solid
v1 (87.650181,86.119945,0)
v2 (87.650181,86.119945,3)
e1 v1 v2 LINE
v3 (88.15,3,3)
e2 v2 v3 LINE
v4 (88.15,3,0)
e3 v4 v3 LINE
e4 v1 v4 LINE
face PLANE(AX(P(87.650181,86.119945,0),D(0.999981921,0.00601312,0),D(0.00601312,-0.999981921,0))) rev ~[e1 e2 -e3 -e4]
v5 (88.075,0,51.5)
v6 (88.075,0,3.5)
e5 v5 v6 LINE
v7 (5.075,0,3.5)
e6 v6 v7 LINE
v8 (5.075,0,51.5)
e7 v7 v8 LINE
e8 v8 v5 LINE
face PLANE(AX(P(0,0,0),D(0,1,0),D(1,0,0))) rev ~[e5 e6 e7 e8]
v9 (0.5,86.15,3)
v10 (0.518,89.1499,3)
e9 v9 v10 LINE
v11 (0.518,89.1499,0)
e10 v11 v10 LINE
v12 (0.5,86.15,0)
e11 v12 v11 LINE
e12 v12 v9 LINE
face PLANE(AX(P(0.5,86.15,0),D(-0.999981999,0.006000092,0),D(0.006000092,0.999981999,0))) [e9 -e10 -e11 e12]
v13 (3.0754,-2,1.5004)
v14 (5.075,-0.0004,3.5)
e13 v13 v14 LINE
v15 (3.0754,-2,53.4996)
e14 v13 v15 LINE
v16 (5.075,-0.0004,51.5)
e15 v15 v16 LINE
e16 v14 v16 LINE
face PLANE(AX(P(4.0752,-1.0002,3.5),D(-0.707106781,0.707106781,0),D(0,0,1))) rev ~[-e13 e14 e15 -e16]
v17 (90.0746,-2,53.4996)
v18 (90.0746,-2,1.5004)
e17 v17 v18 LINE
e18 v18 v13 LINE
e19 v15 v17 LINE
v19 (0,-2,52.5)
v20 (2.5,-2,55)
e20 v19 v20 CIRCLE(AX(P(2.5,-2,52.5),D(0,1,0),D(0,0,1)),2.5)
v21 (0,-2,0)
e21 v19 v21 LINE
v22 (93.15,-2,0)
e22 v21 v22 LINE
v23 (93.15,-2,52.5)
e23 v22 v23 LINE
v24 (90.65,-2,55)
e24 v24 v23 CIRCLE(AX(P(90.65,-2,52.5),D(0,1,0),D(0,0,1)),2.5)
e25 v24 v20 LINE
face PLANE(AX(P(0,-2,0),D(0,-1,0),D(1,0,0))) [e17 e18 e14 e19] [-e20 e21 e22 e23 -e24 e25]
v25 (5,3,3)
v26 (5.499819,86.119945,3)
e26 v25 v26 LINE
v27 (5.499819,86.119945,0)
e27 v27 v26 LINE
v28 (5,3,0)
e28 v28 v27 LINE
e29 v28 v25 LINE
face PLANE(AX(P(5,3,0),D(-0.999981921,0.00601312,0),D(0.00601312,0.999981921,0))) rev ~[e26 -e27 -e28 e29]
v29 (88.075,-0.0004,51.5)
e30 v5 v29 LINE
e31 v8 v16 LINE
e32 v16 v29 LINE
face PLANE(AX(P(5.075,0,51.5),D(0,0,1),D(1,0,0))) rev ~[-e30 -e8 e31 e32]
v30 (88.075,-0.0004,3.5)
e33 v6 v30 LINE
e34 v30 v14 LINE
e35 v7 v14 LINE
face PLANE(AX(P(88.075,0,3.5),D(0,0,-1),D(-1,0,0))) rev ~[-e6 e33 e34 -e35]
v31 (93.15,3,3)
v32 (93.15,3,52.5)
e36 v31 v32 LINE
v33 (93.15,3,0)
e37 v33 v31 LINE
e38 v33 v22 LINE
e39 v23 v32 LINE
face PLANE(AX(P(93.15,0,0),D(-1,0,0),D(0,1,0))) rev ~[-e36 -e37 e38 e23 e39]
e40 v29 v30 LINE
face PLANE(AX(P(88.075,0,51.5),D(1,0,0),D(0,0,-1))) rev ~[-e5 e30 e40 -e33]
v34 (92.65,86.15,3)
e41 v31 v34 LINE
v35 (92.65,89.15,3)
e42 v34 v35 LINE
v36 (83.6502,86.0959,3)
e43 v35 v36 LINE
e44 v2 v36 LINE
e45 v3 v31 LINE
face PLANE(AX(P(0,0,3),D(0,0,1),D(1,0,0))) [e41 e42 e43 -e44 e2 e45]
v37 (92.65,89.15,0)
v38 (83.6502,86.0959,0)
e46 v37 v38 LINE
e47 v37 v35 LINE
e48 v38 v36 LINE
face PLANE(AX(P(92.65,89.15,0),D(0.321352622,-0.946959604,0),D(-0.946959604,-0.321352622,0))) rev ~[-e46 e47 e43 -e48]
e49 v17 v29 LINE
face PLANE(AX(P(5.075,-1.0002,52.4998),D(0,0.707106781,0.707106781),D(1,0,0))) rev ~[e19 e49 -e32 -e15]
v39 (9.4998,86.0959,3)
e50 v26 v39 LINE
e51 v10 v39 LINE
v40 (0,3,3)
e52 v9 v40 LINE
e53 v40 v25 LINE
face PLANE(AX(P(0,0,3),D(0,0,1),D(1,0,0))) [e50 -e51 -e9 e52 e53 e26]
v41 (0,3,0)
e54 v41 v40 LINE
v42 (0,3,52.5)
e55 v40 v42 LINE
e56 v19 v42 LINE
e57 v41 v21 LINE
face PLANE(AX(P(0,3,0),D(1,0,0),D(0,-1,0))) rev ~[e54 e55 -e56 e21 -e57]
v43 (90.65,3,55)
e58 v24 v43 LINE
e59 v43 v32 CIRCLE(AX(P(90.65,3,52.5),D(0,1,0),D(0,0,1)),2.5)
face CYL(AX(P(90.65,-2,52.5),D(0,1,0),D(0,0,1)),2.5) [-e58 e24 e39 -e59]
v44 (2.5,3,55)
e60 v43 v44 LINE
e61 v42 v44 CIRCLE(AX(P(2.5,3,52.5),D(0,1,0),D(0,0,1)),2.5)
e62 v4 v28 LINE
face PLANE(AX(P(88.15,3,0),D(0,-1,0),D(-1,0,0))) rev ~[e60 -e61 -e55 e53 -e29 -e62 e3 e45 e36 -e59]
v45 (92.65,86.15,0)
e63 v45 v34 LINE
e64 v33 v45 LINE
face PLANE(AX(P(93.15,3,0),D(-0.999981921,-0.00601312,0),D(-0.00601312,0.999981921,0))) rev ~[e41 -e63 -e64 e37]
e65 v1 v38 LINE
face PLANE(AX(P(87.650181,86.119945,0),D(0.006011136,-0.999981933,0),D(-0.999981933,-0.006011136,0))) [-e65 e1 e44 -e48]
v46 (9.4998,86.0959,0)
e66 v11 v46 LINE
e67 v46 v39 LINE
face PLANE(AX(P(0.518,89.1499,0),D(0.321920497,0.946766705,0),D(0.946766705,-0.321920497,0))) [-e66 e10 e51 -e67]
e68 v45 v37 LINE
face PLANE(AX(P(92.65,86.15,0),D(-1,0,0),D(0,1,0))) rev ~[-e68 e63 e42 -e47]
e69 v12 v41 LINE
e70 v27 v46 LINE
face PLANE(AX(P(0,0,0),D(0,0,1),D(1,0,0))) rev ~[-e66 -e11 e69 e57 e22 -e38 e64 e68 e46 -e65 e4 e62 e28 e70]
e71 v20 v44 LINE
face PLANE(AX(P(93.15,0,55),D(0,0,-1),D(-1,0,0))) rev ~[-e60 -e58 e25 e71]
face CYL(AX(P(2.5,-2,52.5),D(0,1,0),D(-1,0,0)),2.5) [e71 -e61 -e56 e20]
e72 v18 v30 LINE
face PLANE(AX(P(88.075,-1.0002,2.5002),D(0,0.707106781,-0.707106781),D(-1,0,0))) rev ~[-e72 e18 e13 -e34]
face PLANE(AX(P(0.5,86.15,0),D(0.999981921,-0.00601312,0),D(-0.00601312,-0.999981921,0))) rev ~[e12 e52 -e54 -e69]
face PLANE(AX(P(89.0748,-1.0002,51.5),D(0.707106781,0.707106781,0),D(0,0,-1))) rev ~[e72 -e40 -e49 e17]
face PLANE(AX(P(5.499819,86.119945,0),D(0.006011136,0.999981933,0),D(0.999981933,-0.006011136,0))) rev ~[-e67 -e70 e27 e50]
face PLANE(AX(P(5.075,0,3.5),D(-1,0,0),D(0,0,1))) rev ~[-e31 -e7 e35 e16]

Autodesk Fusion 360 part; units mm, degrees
sketch "Sketch1" plane through (0, 0, 0) normal (0, 0, 1) x (1, 0, 0) in component "LightSwitchShelf"
  line L0 (0, 0) -> (93.15, 0)
  line L1 (93.15, 0) -> (93.15, 3)
  line L2 (93.15, 3) -> (0, 3)
  line L3 (0, 3) -> (0, 0)
  line L4 (0, 3) -> (5, 3)
  line L5 (93.15, 3) -> (88.15, 3)
  line L6 (46.575, 3) -> (46.575, 86.15) construction
  line L7 (0.5, 86.15) -> (46.575, 86.15) construction
  line L8 (46.575, 86.15) -> (92.65, 86.15) construction
  line L9 (0.5, 86.15) -> (5.5, 86.15)
  line L10 (92.65, 86.15) -> (87.65, 86.15)
  line L11 (0.5, 86.15) -> (0, 3)
  line L12 (5, 3) -> (5.5, 86.15)
  line L13 (87.65, 86.15) -> (88.15, 3)
  line L14 (93.15, 3) -> (92.65, 86.15)
  line L15 (0.5, 86.15) -> (9.4998, 86.0959)
  line L16 (0.5, 86.15) -> (0.518, 89.1499)
  line L17 (0.518, 89.1499) -> (9.4998, 86.0959)
  line L18 (92.65, 86.15) -> (83.6502, 86.0959)
  line L19 (92.65, 86.15) -> (92.65, 89.15)
  line L20 (92.65, 89.15) -> (83.6502, 86.0959)
  dimension "d2" = 3
  dimension "d8" = 5
  dimension "d10" = 83.15
  dimension "d11" = 46.075
  dimension "d14" = 9
  dimension "d15" = 3
  dimension "d17" = 3
  dimension "d18" = 90
  dimension "d19" = 90
  dimension "d29" = 83.15
  dimension "d30" = 82.15
extrude "Extrude1" add sketch "Sketch1" along normal blind 3 makes body 1 in component "LightSwitchShelf"
extrude "Extrude2" add sketch "Sketch1" along normal blind 55 separate body contours L0 L1 L2 L3 L4 L5 makes body 2 in component "LightSwitchShelf"
sketch "Sketch2" plane through (0, 0, 0) normal (0, -1, 0) x (1, 0, 0) in component "LightSwitchShelf"
  line L0 (0, 0) -> (93.15, 0)
  line L1 (93.15, 0) -> (93.15, 55)
  line L2 (93.15, 55) -> (0, 55)
  line L3 (0, 55) -> (0, 0)
  line L4 (46.575, 55) -> (46.575, 0) construction
  line L5 (0, 27.5) -> (93.15, 27.5) construction
  line L6 (88.075, 3.5) -> (5.075, 3.5)
  line L7 (5.075, 3.5) -> (5.075, 51.5)
  line L8 (5.075, 51.5) -> (88.075, 51.5)
  line L9 (88.075, 51.5) -> (88.075, 3.5)
  line L10 (88.075, 3.5) -> (5.075, 51.5) construction
  line L11 (5.075, 3.5) -> (88.075, 51.5) construction
  point P0 (46.575, 27.5)
  dimension "d24" = 48
  dimension "d25" = 83
extrude "Extrude3" add sketch "Sketch2" along normal blind 2 bodies 1 2 in component "LightSwitchShelf"
chamfer "Chamfer1" distance 2 angle 45 4 edges at (5.075, -2, 27.5) (46.575, -2, 51.5) (88.075, -2, 27.5) (46.575, -2, 3.5) on bodies 1 in component "LightSwitchShelf"
fillet "Fillet1" radius 2.5 2 edges at (0, 0.5, 55) (93.15, 0.5, 55) on bodies 1 in component "LightSwitchShelf"
component "LightSwitchShelf" placed x (1, 0, 0) y (0, 1, 0) z (0, 0, 1) at (0, 0, 0)
equation "d11 = ( 83.15 / 2 ) * 1 mm + 4.5 mm"
